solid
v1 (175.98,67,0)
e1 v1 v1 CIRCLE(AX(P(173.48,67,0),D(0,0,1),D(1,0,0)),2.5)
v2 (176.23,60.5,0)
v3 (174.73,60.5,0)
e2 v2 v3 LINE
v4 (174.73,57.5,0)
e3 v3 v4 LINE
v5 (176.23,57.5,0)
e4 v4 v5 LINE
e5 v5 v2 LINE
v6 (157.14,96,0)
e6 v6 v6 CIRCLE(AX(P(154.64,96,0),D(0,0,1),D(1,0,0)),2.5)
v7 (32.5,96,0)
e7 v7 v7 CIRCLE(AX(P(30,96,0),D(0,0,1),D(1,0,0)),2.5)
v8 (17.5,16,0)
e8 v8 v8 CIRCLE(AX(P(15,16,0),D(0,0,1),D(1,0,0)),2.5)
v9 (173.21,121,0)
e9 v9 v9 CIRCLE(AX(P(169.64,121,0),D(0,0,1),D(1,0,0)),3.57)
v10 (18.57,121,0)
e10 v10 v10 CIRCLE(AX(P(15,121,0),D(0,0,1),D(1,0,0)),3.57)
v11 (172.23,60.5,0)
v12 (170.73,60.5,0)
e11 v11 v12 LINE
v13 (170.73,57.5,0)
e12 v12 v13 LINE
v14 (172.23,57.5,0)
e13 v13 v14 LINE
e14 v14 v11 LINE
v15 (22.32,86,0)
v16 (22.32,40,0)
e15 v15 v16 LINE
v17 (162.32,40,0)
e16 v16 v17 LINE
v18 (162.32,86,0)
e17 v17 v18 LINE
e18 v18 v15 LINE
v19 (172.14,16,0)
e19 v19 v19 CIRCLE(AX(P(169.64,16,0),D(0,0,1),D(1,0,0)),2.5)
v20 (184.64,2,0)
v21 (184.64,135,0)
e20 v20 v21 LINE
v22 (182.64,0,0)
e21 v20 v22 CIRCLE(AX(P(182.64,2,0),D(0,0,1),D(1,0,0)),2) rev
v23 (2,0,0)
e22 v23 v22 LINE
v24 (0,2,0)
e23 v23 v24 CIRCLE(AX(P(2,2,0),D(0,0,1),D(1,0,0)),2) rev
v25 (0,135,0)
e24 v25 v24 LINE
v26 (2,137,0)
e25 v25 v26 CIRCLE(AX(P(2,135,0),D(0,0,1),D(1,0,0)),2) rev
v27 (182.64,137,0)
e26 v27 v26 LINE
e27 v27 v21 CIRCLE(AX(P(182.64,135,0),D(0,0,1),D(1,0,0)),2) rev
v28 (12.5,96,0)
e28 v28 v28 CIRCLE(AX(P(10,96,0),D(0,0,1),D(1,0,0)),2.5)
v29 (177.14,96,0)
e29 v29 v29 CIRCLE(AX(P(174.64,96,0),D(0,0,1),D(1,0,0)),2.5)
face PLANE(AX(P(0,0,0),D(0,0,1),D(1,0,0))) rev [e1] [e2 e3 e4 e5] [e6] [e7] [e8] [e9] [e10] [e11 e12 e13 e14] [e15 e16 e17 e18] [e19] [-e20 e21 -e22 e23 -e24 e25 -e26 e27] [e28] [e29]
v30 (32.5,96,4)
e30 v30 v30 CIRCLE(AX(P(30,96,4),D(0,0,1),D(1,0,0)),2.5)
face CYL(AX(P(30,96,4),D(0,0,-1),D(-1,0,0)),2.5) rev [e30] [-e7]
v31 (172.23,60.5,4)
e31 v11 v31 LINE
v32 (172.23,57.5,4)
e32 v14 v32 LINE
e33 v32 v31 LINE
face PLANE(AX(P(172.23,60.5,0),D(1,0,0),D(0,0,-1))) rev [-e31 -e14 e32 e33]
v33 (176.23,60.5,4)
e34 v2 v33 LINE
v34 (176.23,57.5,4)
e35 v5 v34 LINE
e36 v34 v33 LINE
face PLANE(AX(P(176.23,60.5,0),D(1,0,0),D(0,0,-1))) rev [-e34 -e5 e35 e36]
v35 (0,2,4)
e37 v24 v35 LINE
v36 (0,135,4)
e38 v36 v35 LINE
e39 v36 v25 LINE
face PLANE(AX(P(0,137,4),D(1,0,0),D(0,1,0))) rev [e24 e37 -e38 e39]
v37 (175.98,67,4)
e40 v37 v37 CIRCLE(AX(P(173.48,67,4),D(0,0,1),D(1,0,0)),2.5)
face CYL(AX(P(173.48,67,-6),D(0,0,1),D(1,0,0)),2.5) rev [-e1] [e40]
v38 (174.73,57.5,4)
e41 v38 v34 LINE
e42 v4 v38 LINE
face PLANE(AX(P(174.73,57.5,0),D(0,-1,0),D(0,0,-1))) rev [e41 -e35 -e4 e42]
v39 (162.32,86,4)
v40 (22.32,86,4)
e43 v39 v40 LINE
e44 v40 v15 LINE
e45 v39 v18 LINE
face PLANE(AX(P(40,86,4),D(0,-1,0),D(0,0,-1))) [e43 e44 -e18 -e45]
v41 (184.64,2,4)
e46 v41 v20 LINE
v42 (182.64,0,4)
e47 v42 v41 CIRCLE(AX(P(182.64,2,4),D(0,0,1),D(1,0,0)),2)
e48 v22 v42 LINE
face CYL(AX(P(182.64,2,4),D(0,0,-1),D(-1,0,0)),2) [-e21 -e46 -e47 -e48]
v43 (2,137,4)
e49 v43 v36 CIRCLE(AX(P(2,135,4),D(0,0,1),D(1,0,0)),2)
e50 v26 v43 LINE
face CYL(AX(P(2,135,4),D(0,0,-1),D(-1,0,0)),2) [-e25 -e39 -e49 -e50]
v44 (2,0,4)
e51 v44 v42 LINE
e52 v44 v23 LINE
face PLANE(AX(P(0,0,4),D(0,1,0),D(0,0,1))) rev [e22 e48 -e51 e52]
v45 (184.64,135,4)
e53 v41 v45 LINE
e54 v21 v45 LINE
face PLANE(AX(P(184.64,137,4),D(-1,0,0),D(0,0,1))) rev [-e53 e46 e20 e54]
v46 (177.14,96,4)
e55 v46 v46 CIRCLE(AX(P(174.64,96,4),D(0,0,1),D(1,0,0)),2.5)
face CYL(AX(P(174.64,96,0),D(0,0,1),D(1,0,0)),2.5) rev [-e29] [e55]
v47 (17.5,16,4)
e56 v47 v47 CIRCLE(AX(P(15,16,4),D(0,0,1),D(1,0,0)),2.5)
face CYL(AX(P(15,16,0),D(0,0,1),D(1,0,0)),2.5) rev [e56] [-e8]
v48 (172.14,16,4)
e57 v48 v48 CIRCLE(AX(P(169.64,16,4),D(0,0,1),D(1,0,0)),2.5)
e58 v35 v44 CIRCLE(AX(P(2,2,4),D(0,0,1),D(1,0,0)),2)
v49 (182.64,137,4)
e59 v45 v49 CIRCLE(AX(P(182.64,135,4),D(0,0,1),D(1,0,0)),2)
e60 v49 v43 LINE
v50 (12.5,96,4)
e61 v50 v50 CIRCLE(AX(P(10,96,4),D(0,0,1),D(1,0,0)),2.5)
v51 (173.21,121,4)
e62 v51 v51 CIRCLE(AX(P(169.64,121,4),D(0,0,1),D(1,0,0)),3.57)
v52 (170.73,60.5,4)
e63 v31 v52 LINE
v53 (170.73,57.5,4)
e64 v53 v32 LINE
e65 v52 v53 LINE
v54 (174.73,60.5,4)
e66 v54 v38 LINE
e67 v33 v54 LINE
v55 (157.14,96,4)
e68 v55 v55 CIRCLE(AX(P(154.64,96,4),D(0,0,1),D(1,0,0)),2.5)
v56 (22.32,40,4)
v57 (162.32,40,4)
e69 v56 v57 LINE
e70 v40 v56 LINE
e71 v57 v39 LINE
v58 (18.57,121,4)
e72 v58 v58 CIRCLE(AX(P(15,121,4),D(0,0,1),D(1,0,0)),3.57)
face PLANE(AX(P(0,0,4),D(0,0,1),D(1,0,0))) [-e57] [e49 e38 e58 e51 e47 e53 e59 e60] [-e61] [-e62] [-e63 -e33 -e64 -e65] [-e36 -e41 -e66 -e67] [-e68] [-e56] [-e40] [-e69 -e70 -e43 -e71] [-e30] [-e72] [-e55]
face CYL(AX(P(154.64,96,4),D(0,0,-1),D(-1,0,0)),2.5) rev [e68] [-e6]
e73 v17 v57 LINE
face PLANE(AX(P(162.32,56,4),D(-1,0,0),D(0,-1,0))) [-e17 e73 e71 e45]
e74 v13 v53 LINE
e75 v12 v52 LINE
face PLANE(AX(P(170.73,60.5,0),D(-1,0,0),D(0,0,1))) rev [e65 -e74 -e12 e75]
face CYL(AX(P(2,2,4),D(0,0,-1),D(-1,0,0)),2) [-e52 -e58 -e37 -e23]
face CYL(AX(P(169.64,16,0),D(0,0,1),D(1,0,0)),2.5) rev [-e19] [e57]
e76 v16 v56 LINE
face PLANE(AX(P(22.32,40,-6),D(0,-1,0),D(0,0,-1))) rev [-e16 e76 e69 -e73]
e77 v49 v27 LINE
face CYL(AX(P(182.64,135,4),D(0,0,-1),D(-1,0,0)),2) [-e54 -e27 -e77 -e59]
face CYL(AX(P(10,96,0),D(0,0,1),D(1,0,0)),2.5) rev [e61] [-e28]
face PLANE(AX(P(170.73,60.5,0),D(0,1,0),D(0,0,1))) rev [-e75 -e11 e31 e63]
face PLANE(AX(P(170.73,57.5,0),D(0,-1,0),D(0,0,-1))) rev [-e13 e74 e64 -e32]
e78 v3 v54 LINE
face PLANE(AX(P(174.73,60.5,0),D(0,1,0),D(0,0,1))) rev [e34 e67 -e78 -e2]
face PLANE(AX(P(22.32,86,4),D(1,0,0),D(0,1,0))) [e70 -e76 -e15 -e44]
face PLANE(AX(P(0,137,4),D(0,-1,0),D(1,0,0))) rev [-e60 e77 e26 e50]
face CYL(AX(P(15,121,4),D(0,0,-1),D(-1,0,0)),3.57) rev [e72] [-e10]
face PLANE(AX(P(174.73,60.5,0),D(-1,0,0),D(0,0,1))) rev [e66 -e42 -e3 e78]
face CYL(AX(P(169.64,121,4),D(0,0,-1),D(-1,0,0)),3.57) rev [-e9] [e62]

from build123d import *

# Parameters (mm, degrees)
SKETCH1_W           = 184.64
SKETCH1_H           = 137
SKETCH1_R           = 3.65
SKETCH1_R_2         = 3.57
SKETCH1_R_3         = 2.5
BOSS_EXTRUDE1_DEPTH = 4
SKETCH3_W           = 104.64
SKETCH3_H           = 20
BOSS_EXTRUDE2_DEPTH = 4
SKETCH6_R           = 3.65
CUT_EXTRUDE4_DEPTH  = 5
SKETCH8_W           = 140
SKETCH8_H           = 16
CUT_EXTRUDE6_DEPTH  = 10
FILLET5_R           = 2
SKETCH11_W          = 184.64
SKETCH11_H          = 15
SKETCH11_R          = 2.5
BOSS_EXTRUDE4_DEPTH = 4
SKETCH12_R          = 2.5
CUT_EXTRUDE8_DEPTH  = 5
SKETCH13_R          = 2.5
CUT_EXTRUDE9_DEPTH  = 10
SKETCH14_W          = 1.5
SKETCH14_H          = 3
CUT_EXTRUDE10_DEPTH = 5


with BuildPart() as part:
    # Sketch1 → Boss-Extrude1 (new body)
    with BuildSketch(Plane.XY):
        with Locations((92.32, 68.5)):
            Rectangle(SKETCH1_W, SKETCH1_H)
        with Locations((15, 16)):
            Circle(SKETCH1_R, mode=Mode.SUBTRACT)
        with Locations((169.64, 16)):
            Circle(SKETCH1_R, mode=Mode.SUBTRACT)
        with Locations((15, 121)):
            Circle(SKETCH1_R_2, mode=Mode.SUBTRACT)
        with Locations((30, 96)):
            Circle(SKETCH1_R_3, mode=Mode.SUBTRACT)
        with Locations((169.64, 121)):
            Circle(SKETCH1_R_2, mode=Mode.SUBTRACT)
        with Locations((154.64, 96)):
            Circle(SKETCH1_R_3, mode=Mode.SUBTRACT)
        Polygon((40, 106), (40, 86), (22.32, 86), (22.32, 56), (162.32, 56), (162.32, 86), (144.64, 86), (144.64, 106), align=None, mode=Mode.SUBTRACT)
    extrude(amount=BOSS_EXTRUDE1_DEPTH)

    # Sketch3 → Boss-Extrude2 (add)
    with BuildSketch(Plane.XY.offset(4)):
        with Locations((92.32, 96)):
            Rectangle(SKETCH3_W, SKETCH3_H)
    extrude(amount=-BOSS_EXTRUDE2_DEPTH)

    # Sketch6 → Cut-Extrude4 (cut, through all)
    with BuildSketch(Plane.XY.offset(4)):
        with Locations((67.32, 16)):
            Circle(SKETCH6_R)
        with Locations((117.32, 16)):
            Circle(SKETCH6_R)
    extrude(amount=-CUT_EXTRUDE4_DEPTH, mode=Mode.SUBTRACT)

    # Sketch8 → Cut-Extrude6 (cut)
    with BuildSketch(Plane.XY.offset(4)):
        with Locations((92.32, 48)):
            Rectangle(SKETCH8_W, SKETCH8_H)
    extrude(amount=-CUT_EXTRUDE6_DEPTH, mode=Mode.SUBTRACT)

    # Fillet5
    fillet5_edges = [part.edges().sort_by_distance(p)[0] for p in [
        (0, 137, 2),
        (184.64, 137, 2),
        (184.64, 0, 2),
        (0, 0, 2),
    ]]
    fillet(fillet5_edges, radius=FILLET5_R)

    # Sketch11 → Boss-Extrude4 (add, through all)
    with BuildSketch(Plane.XY.offset(4)):
        with Locations((92.32, 16)):
            Rectangle(SKETCH11_W, SKETCH11_H)
        with Locations((15, 16)):
            Circle(SKETCH11_R, mode=Mode.SUBTRACT)
        with Locations((169.64, 16)):
            Circle(SKETCH11_R, mode=Mode.SUBTRACT)
    extrude(amount=-BOSS_EXTRUDE4_DEPTH)

    # Sketch12 → Cut-Extrude8 (cut, through all)
    with BuildSketch(Plane.XY.offset(4)):
        with Locations((10, 96)):
            Circle(SKETCH12_R)
        with Locations((174.64, 96)):
            Circle(SKETCH12_R)
    extrude(amount=-CUT_EXTRUDE8_DEPTH, mode=Mode.SUBTRACT)

    # Sketch13 → Cut-Extrude9 (cut)
    with BuildSketch(Plane.XY.offset(4)):
        with Locations((173.48, 67)):
            Circle(SKETCH13_R)
    extrude(amount=-CUT_EXTRUDE9_DEPTH, mode=Mode.SUBTRACT)

    # Sketch14 → Cut-Extrude10 (cut, through all)
    with BuildSketch(Plane.XY.offset(4)):
        with Locations((171.48, 59)):
            Rectangle(SKETCH14_W, SKETCH14_H)
        with Locations((175.48, 59)):
            Rectangle(SKETCH14_W, SKETCH14_H)
    extrude(amount=-CUT_EXTRUDE10_DEPTH, mode=Mode.SUBTRACT)


solid = part.part
